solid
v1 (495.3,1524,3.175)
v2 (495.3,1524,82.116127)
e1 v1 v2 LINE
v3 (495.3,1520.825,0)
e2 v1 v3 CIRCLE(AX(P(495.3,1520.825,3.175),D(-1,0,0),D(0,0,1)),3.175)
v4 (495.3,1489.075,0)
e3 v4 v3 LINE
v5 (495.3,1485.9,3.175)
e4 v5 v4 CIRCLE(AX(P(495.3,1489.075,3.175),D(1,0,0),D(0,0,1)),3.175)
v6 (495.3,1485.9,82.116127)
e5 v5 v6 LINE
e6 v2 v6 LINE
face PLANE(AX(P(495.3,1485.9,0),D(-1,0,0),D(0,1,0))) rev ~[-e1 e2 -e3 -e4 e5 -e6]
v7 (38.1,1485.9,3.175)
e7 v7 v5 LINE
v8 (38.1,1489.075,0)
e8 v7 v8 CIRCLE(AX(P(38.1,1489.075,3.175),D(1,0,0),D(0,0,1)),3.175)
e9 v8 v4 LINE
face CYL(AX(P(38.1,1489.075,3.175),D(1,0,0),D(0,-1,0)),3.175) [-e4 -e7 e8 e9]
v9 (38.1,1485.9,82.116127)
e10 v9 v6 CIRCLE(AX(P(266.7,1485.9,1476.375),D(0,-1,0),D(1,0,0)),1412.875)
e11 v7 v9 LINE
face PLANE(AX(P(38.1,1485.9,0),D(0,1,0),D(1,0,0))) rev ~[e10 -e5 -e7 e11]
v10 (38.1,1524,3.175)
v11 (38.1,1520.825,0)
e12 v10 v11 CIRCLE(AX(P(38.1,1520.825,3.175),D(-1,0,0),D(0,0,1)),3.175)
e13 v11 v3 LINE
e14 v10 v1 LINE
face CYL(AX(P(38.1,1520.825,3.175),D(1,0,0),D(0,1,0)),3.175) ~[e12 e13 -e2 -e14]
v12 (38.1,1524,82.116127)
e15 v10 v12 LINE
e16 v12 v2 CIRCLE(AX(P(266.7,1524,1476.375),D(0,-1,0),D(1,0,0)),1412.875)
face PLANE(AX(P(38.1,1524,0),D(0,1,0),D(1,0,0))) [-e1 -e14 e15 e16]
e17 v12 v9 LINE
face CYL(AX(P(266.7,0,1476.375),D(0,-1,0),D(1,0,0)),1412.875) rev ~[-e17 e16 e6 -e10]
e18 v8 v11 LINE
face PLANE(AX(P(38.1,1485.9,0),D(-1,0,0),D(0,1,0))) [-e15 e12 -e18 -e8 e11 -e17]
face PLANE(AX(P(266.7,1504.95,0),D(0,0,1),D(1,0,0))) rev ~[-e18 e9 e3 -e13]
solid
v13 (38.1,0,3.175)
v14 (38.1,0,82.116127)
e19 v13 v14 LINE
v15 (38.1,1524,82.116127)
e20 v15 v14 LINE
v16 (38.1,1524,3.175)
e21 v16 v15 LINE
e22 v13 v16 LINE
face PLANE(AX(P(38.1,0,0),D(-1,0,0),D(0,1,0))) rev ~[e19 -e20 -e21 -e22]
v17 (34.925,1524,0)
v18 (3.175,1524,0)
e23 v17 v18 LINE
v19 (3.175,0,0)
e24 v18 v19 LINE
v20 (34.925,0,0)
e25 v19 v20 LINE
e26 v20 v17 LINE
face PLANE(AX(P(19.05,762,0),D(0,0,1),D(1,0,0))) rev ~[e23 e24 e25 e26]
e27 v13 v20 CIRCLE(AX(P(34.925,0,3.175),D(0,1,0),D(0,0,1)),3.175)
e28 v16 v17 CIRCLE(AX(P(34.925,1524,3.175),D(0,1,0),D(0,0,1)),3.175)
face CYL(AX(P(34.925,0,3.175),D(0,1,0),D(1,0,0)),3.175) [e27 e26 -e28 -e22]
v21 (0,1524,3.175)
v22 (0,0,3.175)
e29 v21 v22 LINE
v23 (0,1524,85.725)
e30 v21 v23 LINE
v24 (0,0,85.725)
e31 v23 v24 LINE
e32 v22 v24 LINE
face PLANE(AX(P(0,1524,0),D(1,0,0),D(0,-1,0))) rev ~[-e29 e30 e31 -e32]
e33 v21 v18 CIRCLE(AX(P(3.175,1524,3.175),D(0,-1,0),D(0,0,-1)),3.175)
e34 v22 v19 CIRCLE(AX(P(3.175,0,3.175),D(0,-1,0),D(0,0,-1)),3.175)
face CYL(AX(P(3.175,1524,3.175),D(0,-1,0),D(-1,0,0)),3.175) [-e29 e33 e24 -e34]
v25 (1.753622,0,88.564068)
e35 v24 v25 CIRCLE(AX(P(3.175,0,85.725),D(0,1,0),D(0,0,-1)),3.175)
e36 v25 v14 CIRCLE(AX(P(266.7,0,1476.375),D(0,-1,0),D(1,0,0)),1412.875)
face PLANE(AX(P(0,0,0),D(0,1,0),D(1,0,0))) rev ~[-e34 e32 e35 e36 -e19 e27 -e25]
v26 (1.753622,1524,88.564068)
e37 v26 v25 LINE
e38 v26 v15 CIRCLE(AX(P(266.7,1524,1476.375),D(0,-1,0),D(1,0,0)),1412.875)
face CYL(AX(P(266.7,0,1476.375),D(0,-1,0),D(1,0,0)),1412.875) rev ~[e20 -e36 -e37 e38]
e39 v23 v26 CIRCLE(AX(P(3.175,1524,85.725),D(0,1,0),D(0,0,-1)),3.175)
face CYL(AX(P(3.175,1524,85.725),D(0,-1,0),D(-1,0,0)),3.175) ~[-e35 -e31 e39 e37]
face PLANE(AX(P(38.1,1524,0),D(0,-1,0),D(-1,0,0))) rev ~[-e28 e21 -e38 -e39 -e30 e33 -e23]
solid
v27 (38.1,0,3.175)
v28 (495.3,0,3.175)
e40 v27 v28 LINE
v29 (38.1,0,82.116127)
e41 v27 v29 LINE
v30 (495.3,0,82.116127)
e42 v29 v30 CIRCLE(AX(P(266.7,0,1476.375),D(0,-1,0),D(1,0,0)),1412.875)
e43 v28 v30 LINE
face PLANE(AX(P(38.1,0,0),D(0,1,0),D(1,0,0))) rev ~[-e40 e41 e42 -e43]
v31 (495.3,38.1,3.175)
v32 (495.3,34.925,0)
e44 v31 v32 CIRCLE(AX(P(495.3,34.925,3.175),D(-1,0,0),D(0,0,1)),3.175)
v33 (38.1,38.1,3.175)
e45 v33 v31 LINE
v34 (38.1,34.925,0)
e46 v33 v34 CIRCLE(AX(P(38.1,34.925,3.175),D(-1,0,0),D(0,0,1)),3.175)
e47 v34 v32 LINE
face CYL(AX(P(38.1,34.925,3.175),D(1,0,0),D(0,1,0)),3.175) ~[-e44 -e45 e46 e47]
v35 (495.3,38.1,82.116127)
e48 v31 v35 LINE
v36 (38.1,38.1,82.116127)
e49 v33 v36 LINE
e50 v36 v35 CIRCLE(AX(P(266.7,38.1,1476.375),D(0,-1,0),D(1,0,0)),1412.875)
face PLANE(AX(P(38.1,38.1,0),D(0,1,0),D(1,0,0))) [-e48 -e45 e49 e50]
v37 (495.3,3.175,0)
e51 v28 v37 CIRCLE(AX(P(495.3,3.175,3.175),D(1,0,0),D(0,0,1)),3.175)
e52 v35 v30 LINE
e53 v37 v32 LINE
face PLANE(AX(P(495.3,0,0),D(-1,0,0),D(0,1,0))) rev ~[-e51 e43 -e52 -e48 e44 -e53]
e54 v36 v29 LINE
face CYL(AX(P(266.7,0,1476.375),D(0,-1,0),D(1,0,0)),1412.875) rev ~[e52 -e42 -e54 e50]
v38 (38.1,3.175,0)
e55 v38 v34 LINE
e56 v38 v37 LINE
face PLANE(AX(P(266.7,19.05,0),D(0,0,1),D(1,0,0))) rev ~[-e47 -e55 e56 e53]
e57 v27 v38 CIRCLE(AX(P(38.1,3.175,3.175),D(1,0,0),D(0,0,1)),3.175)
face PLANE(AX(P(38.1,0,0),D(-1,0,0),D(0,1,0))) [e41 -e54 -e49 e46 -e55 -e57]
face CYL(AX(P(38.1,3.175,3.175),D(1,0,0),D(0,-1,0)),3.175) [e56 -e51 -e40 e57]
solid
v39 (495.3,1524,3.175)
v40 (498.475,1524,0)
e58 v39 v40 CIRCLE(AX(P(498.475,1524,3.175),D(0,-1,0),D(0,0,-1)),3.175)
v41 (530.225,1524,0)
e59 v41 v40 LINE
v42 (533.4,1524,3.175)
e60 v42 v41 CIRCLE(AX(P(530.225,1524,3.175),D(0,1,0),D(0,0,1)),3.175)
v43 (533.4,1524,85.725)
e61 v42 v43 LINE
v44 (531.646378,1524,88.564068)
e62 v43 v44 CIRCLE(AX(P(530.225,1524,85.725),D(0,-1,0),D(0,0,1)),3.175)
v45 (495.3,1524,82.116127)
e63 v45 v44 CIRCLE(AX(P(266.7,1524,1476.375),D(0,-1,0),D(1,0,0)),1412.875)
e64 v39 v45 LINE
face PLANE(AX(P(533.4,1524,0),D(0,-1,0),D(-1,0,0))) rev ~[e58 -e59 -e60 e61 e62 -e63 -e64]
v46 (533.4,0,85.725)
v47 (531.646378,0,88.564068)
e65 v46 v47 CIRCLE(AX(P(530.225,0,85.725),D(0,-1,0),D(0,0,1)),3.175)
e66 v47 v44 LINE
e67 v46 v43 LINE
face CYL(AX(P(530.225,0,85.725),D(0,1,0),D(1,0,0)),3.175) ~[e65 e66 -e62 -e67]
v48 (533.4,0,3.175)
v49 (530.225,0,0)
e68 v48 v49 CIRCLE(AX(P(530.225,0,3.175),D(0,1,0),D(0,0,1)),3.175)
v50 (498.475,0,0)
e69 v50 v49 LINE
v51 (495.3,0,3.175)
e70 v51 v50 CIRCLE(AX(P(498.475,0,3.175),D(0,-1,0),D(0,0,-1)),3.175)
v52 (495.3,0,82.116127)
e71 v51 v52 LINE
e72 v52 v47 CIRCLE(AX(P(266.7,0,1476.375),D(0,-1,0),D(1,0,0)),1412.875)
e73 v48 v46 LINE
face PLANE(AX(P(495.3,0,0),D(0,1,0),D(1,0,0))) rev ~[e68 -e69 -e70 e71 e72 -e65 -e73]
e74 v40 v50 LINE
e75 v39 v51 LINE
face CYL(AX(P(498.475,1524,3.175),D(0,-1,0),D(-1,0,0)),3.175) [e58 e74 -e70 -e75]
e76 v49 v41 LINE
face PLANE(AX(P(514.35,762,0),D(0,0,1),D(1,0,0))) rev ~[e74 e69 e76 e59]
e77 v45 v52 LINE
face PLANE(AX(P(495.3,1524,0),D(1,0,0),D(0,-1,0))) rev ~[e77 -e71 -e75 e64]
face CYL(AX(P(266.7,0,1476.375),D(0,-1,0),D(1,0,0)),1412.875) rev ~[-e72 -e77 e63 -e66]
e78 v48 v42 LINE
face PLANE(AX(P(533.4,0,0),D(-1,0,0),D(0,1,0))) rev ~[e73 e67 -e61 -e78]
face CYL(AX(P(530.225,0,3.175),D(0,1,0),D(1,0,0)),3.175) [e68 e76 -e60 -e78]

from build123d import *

# Parameters (mm, degrees)
F2_DEPTH = 88.9
F1_W     = 457.2
F1_H     = 38.1
F3_DEPTH = 88.9
F4_R     = 3.175
F4_2_R   = 3.175
F4_3_R   = 3.175
F4_4_R   = 3.175
F5_R     = 1412.875
F6_DEPTH = 1524.001


with BuildPart() as f2:
    # F1 (on Top) → F2 (new body)
    with BuildSketch(Plane.XY):
        Polygon((0, 1524), (0, 0), (38.1, 0), (38.1, 38.1), (38.1, 1485.9), (38.1, 1524), align=None)
    extrude(amount=F2_DEPTH)

    # F4#3
    f4_3_edges = [f2.edges().sort_by_distance(p)[0] for p in [
        (38.1, 762, 88.9),
        (38.1, 762, 0),
        (0, 762, 88.9),
        (0, 762, 0),
    ]]
    fillet(f4_3_edges, radius=F4_3_R)


with BuildPart() as f2b:
    # F1 (on Top) → F2, piece 2 (new body)
    with BuildSketch(Plane.XY):
        Polygon((495.3, 38.1), (495.3, 0), (533.4, 0), (533.4, 1524), (495.3, 1524), (495.3, 1485.9), align=None)
    extrude(amount=F2_DEPTH)

    # F4#2
    f4_2_edges = [f2b.edges().sort_by_distance(p)[0] for p in [
        (495.3, 762, 0),
        (533.4, 762, 0),
        (533.4, 762, 88.9),
        (495.3, 762, 88.9),
    ]]
    fillet(f4_2_edges, radius=F4_2_R)


with BuildPart() as f3:
    # F1 (on Top) → F3 (new body)
    with BuildSketch(Plane.XY):
        with Locations((266.7, 19.05)):
            Rectangle(F1_W, F1_H)
    extrude(amount=F3_DEPTH)

    # F4
    f4_edges = [f3.edges().sort_by_distance(p)[0] for p in [
        (266.7, 0, 88.9),
        (266.7, 0, 0),
        (266.7, 38.1, 88.9),
        (266.7, 38.1, 0),
    ]]
    fillet(f4_edges, radius=F4_R)


with BuildPart() as f3b:
    # F1 (on Top) → F3, piece 2 (new body)
    with BuildSketch(Plane.XY):
        with Locations((266.7, 1504.95)):
            Rectangle(F1_W, F1_H)
    extrude(amount=F3_DEPTH)

    # F4#4
    f4_4_edges = [f3b.edges().sort_by_distance(p)[0] for p in [
        (266.7, 1485.9, 0),
        (266.7, 1485.9, 88.9),
        (266.7, 1524, 88.9),
        (266.7, 1524, 0),
    ]]
    fillet(f4_4_edges, radius=F4_4_R)


with BuildPart() as f6_tool:
    # F5 (on Front) → F6 (new body, through all)
    with BuildSketch(Plane.XZ):
        with Locations((266.7, 1476.375)):
            Circle(F5_R)
    extrude(amount=-F6_DEPTH)


with BuildPart() as f2_1:
    add(f2.part)

    # F6: cut by f6_tool
    add(f6_tool.part, mode=Mode.SUBTRACT)


with BuildPart() as f2b_1:
    add(f2b.part)

    # F6: cut by f6_tool
    add(f6_tool.part, mode=Mode.SUBTRACT)


with BuildPart() as f3_1:
    add(f3.part)

    # F6: cut by f6_tool
    add(f6_tool.part, mode=Mode.SUBTRACT)


with BuildPart() as f3b_1:
    add(f3b.part)

    # F6: cut by f6_tool
    add(f6_tool.part, mode=Mode.SUBTRACT)


solid = Compound([f2_1.part, f2b_1.part, f3_1.part, f3b_1.part])
